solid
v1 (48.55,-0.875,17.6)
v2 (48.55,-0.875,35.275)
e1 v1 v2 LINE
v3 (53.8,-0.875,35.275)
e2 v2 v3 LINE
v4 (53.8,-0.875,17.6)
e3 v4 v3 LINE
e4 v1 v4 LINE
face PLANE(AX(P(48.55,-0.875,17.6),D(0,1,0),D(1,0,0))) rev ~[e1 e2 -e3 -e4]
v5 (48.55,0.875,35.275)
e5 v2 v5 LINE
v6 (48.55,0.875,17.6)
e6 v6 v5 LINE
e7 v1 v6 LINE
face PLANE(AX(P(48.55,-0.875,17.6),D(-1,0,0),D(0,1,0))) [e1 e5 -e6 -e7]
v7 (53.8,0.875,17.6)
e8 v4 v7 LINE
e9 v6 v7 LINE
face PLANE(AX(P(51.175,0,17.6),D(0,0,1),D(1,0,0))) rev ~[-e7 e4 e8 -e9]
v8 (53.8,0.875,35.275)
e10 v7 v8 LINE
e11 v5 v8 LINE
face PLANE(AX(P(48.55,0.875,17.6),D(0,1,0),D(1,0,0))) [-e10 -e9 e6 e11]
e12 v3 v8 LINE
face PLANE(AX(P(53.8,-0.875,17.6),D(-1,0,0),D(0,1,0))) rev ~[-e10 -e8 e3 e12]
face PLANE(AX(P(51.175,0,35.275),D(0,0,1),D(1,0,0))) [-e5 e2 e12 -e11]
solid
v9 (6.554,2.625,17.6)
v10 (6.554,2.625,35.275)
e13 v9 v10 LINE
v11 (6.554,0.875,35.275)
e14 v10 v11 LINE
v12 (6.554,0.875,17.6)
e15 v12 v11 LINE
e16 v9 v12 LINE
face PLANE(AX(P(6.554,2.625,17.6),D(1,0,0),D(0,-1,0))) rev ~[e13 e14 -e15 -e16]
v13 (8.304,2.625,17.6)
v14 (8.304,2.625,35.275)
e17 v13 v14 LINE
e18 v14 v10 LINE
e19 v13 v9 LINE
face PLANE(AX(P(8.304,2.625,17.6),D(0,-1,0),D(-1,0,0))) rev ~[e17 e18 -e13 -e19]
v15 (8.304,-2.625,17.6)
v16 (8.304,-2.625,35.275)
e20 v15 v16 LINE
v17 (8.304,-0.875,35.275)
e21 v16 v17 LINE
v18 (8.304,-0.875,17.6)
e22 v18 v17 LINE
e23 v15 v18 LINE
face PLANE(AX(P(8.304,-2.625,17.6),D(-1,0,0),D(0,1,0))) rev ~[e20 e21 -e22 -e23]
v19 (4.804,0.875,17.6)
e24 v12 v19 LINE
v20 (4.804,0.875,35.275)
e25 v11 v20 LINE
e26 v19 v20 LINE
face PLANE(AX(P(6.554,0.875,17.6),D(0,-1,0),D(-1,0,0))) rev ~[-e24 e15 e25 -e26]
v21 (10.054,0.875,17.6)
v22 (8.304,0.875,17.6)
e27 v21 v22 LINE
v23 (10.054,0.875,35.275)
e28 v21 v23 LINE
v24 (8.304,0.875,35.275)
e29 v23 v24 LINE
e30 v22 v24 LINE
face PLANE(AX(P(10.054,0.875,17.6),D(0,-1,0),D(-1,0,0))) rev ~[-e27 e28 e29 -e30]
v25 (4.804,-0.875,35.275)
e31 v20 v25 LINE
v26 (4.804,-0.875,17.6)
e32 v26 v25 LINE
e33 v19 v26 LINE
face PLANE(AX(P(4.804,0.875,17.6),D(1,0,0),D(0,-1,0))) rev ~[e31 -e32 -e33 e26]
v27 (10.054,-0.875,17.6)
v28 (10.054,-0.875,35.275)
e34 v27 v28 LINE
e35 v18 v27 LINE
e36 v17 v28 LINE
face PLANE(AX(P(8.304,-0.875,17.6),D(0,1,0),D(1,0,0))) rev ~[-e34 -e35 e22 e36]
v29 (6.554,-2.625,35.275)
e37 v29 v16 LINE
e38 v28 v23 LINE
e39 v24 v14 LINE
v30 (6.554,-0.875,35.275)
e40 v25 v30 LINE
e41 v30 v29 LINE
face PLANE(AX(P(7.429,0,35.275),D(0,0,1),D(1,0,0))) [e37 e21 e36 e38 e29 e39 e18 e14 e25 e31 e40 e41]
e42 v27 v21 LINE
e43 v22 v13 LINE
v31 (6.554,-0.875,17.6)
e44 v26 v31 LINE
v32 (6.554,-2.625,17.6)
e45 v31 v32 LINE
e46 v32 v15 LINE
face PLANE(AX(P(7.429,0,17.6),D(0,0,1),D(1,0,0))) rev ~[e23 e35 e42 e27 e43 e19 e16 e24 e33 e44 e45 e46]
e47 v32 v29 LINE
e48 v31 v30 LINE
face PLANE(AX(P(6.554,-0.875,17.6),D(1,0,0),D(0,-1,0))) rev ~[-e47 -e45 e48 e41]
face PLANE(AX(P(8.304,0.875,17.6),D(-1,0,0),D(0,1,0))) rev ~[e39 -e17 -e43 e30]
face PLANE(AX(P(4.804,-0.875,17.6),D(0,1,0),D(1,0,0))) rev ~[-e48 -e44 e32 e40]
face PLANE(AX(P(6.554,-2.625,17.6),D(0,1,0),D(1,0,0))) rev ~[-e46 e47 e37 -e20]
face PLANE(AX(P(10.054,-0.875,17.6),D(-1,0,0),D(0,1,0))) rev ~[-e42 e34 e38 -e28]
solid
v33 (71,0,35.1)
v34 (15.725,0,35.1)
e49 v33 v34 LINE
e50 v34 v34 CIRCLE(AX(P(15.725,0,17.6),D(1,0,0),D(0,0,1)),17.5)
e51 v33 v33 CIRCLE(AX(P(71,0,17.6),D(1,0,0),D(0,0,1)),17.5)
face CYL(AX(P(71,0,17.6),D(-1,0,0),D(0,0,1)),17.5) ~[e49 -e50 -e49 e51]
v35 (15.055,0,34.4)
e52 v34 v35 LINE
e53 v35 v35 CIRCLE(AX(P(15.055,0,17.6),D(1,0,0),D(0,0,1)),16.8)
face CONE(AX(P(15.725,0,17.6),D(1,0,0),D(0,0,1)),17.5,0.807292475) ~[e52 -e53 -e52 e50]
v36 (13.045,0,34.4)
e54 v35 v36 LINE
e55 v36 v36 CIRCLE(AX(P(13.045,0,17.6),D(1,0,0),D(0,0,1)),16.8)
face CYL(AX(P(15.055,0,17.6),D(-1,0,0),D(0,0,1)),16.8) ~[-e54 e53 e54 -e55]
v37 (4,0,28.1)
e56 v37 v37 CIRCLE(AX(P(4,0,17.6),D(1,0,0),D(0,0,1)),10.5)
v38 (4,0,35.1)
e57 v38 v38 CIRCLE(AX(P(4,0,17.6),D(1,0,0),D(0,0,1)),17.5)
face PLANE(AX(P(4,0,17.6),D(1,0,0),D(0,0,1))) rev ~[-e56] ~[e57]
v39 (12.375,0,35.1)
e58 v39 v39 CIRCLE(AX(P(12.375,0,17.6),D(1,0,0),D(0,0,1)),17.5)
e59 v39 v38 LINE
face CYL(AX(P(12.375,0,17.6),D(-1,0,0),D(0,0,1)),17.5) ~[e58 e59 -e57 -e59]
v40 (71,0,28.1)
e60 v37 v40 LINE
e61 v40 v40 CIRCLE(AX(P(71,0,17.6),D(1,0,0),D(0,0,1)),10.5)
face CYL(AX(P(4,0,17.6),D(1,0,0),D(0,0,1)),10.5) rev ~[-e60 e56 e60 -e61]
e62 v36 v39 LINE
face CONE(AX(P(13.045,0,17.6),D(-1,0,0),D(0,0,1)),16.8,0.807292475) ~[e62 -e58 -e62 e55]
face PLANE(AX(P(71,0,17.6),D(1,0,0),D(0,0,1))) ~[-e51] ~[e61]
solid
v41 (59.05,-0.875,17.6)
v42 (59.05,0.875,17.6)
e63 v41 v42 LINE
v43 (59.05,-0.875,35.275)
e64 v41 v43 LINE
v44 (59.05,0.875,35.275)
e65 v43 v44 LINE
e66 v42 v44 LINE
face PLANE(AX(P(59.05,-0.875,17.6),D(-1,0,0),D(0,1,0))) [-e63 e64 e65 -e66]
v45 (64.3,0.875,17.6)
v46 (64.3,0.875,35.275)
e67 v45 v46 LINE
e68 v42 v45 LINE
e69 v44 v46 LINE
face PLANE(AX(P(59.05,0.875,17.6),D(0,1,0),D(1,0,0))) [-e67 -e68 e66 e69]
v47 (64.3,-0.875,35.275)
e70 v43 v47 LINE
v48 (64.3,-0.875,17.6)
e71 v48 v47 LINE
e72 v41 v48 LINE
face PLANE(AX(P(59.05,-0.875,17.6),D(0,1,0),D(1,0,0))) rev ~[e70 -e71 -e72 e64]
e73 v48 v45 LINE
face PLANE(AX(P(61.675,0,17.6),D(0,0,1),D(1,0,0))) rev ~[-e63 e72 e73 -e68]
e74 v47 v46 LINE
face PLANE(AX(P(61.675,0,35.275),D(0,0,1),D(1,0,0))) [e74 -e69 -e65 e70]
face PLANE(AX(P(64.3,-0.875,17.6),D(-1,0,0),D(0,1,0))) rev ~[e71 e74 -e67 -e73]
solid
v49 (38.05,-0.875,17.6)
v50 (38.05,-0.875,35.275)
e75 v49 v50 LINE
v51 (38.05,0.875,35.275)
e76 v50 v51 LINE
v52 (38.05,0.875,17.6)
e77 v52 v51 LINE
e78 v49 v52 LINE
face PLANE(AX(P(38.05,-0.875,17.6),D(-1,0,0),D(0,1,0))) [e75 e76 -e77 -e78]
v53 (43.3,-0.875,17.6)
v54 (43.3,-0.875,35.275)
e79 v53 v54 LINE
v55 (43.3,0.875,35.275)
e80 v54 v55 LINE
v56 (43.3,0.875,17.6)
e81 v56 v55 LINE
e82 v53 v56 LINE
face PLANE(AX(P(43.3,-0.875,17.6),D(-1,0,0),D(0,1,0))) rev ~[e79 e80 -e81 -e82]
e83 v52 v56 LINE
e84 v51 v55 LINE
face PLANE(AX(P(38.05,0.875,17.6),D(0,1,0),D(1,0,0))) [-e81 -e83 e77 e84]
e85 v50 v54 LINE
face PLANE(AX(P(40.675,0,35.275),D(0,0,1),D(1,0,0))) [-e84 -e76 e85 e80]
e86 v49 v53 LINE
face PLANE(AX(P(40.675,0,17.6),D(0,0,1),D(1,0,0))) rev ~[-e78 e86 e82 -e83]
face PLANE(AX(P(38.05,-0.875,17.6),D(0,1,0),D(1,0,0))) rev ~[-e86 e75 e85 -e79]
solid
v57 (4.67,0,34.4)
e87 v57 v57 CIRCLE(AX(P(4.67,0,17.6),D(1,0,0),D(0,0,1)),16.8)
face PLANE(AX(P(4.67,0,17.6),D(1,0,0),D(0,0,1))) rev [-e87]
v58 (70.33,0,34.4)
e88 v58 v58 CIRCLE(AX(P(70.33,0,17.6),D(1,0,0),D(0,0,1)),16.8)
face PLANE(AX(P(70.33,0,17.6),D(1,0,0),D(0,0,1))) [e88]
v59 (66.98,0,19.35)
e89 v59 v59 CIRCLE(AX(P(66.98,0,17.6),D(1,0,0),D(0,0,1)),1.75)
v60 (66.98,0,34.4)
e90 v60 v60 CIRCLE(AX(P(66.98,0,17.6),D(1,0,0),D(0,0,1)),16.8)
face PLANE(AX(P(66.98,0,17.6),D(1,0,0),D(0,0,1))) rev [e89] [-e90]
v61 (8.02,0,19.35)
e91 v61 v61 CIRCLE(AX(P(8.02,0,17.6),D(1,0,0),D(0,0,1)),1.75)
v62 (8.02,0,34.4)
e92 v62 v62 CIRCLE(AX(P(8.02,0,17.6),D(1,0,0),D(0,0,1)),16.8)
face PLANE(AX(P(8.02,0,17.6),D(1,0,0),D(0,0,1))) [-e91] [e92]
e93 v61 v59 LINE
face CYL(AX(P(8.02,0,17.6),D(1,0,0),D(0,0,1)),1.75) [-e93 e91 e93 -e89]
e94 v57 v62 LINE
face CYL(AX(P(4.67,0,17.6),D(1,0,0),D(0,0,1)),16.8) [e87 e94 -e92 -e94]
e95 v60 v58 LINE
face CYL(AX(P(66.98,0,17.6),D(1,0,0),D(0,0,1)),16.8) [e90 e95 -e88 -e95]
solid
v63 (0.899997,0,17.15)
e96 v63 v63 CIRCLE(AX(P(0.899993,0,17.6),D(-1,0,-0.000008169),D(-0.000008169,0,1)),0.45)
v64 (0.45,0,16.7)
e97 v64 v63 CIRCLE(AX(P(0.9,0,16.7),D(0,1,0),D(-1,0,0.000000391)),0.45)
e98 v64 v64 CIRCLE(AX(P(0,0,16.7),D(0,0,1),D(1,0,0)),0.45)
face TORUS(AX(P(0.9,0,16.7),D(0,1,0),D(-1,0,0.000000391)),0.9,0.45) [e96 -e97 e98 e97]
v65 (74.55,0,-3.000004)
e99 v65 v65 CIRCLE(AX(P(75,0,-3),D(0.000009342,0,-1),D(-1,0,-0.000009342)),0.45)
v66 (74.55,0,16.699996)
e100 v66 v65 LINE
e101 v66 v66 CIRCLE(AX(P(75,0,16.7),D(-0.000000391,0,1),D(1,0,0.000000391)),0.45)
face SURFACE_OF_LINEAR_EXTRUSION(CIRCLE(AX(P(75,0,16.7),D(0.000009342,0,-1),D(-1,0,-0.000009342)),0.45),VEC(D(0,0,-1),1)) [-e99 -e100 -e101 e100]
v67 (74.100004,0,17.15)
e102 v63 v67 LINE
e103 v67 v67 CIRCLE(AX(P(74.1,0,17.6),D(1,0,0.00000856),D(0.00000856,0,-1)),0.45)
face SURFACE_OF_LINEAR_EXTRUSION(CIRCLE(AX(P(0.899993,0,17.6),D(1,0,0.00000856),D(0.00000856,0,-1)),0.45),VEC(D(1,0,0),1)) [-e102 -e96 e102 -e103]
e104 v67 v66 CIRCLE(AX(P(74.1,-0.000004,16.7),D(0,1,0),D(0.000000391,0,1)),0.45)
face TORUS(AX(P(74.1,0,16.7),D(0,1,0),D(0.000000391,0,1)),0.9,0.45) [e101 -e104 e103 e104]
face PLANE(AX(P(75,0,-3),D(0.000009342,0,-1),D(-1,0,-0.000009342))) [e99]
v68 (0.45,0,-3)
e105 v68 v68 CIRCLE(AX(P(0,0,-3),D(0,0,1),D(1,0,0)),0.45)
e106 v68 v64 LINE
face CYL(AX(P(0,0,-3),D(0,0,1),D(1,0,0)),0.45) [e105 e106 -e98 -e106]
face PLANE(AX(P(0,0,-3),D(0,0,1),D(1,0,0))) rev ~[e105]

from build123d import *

# Parameters (mm, degrees)
SKETCH_R    = 0.45
SKETCH004_W = 5.25
SKETCH004_H = 1.75
PAD_DEPTH   = 17.675


with BuildPart() as sweep_body:
    # Sweep: sweep along a path in Sketch001
    with BuildLine(Plane.XZ) as sweep_path:
        Line((0, -3), (0, 16.7))
        ThreePointArc((0, 16.7), (0.263601, 17.336393), (0.899993, 17.6))
        Line((0.899993, 17.6), (74.1, 17.6))
        ThreePointArc((74.1, 17.6), (74.736396, 17.336396), (75, 16.7))
        Line((75, 16.7), (75, -3))
    # Sketch → Sweep (sweep)
    with BuildSketch(Plane.XY.offset(-2)):
        Circle(SKETCH_R)
    sweep(path=sweep_path.line)


with BuildPart() as revolution:
    # Sketch002 → Revolution (revolve)
    with BuildSketch(Plane.XZ):
        Polygon((4, 35.1), (4, 28.1), (71, 28.1), (71, 35.1), (15.725, 35.1), (15.055, 34.4), (13.045, 34.4), (12.375, 35.1), align=None)
    revolve(axis=Axis((6.97588, 0, 17.6), (1, 0, 0)))


with BuildPart() as revolution001:
    # Sketch003 → Revolution001 (revolve)
    with BuildSketch(Plane.XZ):
        Polygon((4.67, 34.4), (8.02, 34.4), (8.02, 19.35), (66.98, 19.35), (66.98, 34.4), (70.33, 34.4), (70.33, 17.6), (4.67, 17.6), align=None)
    revolve(axis=Axis((6.97588, 0, 17.6), (1, 0, 0)))


with BuildPart() as pad:
    # Sketch004 → Pad (new body)
    with BuildSketch(Plane.XY.offset(17.6)):
        with Locations((61.675, 0)):
            Rectangle(SKETCH004_W, SKETCH004_H)
        with Locations((51.175, 0)):
            Rectangle(SKETCH004_W, SKETCH004_H)
        with Locations((40.675, 0)):
            Rectangle(SKETCH004_W, SKETCH004_H)
        Polygon((6.554, 0.875), (4.804, 0.875), (4.804, -0.875), (6.554, -0.875), (6.554, -2.625), (8.304, -2.625), (8.304, -0.875), (10.054, -0.875), (10.054, 0.875), (8.304, 0.875), (8.304, 2.625), (6.554, 2.625), align=None)
    extrude(amount=PAD_DEPTH)


solid = Compound([sweep_body.part, revolution.part, revolution001.part, pad.part])
